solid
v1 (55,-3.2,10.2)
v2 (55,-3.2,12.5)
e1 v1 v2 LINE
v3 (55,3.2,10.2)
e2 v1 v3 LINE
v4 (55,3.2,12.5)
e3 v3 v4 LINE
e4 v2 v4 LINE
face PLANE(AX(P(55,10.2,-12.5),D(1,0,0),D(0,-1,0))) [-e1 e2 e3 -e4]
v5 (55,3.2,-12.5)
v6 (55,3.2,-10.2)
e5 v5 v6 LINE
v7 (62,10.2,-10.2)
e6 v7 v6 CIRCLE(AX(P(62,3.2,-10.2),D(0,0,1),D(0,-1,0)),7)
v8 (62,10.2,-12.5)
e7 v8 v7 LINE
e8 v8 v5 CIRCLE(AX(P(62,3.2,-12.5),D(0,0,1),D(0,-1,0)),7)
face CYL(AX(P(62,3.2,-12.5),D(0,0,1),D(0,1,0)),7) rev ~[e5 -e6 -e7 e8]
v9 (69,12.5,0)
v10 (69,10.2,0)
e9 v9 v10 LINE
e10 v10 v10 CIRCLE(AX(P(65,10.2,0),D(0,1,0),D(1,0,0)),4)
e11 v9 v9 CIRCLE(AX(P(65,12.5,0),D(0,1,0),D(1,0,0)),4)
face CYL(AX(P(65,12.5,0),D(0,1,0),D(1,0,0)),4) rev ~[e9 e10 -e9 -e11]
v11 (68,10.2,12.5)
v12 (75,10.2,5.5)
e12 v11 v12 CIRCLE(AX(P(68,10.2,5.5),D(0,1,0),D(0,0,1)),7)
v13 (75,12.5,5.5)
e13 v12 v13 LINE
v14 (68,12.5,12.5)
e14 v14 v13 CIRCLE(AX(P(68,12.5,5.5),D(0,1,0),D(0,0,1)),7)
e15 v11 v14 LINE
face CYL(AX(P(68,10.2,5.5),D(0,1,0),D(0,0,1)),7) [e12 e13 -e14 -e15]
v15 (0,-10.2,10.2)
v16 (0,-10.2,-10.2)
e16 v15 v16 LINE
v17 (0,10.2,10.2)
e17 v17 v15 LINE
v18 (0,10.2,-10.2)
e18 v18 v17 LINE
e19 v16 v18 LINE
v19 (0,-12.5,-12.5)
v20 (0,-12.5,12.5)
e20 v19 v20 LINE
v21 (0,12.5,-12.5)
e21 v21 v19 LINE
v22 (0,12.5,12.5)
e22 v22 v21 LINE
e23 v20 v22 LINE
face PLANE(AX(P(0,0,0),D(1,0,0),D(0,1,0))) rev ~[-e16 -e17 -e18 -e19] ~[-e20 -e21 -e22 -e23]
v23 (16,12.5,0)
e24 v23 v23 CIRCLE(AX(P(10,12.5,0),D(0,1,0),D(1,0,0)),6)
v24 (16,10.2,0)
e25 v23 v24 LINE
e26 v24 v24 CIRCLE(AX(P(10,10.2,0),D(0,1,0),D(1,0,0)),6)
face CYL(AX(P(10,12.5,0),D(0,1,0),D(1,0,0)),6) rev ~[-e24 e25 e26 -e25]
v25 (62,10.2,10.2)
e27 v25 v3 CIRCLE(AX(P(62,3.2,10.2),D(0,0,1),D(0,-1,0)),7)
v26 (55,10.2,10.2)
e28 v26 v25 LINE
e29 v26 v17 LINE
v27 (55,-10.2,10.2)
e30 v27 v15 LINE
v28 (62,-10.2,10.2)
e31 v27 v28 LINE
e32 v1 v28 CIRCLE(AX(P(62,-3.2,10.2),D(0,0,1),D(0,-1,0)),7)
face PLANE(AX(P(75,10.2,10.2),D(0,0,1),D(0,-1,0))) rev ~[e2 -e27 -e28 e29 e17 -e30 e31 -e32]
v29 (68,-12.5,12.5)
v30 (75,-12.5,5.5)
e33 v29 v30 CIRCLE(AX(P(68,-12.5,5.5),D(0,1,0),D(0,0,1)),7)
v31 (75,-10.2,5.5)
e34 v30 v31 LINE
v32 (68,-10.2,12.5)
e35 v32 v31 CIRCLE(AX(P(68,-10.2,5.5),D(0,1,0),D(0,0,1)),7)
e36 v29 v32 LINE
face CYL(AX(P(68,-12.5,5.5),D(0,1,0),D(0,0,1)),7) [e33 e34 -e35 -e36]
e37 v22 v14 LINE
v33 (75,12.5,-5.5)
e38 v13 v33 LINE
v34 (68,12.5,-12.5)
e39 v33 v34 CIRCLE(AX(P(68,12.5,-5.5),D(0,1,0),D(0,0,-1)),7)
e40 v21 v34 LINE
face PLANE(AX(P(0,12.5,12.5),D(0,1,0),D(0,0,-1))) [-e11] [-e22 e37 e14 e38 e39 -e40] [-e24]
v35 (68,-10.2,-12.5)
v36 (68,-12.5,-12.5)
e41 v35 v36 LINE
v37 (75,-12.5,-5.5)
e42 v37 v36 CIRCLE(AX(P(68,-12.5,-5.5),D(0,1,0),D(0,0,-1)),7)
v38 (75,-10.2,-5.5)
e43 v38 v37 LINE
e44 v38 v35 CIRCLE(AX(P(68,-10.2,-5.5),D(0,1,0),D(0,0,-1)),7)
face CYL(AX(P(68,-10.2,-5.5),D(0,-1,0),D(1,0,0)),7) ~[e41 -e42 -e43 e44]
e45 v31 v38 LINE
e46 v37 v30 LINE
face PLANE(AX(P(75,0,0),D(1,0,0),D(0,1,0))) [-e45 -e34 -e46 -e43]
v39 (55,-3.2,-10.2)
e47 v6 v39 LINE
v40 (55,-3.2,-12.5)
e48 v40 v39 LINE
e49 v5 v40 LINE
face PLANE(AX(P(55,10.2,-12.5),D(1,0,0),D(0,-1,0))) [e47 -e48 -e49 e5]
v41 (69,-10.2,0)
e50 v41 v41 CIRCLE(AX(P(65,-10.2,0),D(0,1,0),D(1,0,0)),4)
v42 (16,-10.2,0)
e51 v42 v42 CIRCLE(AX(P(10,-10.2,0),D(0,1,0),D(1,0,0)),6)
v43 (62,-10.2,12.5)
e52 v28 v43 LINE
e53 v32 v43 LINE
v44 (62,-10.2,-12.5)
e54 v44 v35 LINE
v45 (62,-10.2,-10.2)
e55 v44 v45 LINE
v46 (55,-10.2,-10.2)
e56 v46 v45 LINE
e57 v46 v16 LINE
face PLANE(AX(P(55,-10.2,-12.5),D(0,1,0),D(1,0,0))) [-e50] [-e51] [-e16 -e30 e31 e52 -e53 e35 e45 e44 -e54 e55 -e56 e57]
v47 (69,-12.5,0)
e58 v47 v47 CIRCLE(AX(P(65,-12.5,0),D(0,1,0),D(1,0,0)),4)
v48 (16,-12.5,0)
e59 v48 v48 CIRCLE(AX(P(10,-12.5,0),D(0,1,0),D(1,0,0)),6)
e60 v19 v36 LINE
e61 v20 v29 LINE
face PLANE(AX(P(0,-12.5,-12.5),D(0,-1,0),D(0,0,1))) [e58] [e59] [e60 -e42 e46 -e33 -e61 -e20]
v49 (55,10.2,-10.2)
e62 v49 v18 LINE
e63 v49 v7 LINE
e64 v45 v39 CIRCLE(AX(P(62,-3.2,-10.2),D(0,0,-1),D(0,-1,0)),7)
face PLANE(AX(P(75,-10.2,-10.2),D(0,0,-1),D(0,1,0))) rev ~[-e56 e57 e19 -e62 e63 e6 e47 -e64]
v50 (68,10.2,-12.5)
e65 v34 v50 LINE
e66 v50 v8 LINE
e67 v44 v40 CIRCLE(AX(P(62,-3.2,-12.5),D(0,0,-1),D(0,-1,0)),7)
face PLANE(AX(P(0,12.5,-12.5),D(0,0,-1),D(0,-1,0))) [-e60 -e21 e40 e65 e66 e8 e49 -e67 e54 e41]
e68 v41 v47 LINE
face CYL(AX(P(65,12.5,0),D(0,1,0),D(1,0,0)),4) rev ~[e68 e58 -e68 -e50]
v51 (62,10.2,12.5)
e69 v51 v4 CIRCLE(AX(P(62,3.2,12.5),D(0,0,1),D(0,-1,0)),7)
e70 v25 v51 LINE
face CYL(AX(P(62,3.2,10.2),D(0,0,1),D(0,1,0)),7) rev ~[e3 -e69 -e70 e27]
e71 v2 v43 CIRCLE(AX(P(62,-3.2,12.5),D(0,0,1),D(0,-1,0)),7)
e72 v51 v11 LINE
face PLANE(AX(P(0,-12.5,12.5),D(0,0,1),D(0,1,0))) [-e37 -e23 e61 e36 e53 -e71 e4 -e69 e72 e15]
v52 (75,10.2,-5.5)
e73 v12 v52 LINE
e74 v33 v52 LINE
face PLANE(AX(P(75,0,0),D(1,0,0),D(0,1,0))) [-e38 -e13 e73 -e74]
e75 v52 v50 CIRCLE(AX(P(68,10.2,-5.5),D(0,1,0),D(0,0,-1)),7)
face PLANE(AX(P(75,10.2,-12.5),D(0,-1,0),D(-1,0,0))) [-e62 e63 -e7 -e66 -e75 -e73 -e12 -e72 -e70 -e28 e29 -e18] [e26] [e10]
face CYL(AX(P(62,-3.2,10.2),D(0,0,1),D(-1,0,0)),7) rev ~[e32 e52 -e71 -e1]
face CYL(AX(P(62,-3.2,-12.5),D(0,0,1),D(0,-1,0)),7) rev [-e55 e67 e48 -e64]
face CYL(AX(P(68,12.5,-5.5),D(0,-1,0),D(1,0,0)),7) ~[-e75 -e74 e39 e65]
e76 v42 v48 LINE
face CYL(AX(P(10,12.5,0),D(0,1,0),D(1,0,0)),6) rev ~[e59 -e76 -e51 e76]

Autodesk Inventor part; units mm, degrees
ref_plane "YZ Plane" through (0, 0, 0) normal (1, 0, 0) x (0, 1, 0)
ref_plane "XZ Plane" through (0, 0, 0) normal (0, 1, 0) x (-1, 0, 0)
ref_plane "XY Plane" through (0, 0, 0) normal (0, 0, 1) x (1, 0, 0)
sketch "スケッチ1" plane through (0, 0, 0) normal (1, 0, 0) x (0, 1, 0)
  line L0 (-12.5, 12.5) -> (12.5, 12.5)
  line L1 (12.5, 12.5) -> (12.5, -12.5)
  line L2 (12.5, -12.5) -> (-12.5, -12.5)
  line L3 (-12.5, -12.5) -> (-12.5, 12.5)
  line L4 (-12.5, 12.5) -> (12.5, -12.5) construction
  line L5 (12.5, 12.5) -> (-12.5, -12.5) construction
  point P0 (0, 0)
  dimension "d0" = 25
  dimension "d1" = 25
extrude "押し出し1" add sketch "スケッチ1" along normal blind 75
sketch "スケッチ2" plane through (0, 12.5, 12.5) normal (0, 1, 0) x (1, 0, 0)
  circle A0 centre (10, 12.5) radius 6
  line L0 (0, 0) -> (0, 25) projected
  line L1 (0, 0) -> (75, 0) projected
  point P0 (0, 12.5)
  dimension "d4" = 12
  dimension "d5" = 10
  dimension "d6" = 12.5
extrude "押し出し2" cut sketch "スケッチ2" against normal through all
sketch "スケッチ3" plane through (0, 12.5, 12.5) normal (0, 1, 0) x (1, 0, 0)
  circle A0 centre (65, 12.5) radius 4
  line L0 (75, 25) -> (75, 0) projected
  line L1 (0, 25) -> (75, 25) projected
  point P0 (0, 12.5)
  dimension "d9" = 10
  dimension "d10" = 8
  dimension "d11" = 12.5
extrude "押し出し3" cut sketch "スケッチ3" against normal through all
sketch "スケッチ4" plane through (75, 0, 0) normal (1, 0, 0) x (0, 0, -1)
  line L0 (-10.2, -10.2) -> (10.2, -10.2)
  line L1 (10.2, -10.2) -> (10.2, 10.2)
  line L2 (10.2, 10.2) -> (-10.2, 10.2)
  line L3 (-10.2, 10.2) -> (-10.2, -10.2)
  line L4 (-10.2, -10.2) -> (10.2, 10.2) construction
  line L5 (10.2, -10.2) -> (-10.2, 10.2) construction
  line L6 (-12.5, 12.5) -> (-12.5, -12.5) projected
  line L7 (12.5, 12.5) -> (-12.5, 12.5) projected
  point P0 (0, 0)
  dimension "d14" = 2.3
  dimension "d15" = 2.3
extrude "押し出し4" cut sketch "スケッチ4" against normal through all
sketch "スケッチ5" plane through (0, -12.5, -12.5) normal (0, 0, -1) x (-1, 0, 0)
  line L0 (-75, 2.3) -> (-75, 22.7) projected
  line L1 (-75, 22.7) -> (-55, 22.7)
  line L2 (-55, 22.7) -> (-55, 2.3)
  line L3 (-55, 2.3) -> (-75, 2.3)
  line L4 (-75, 2.3) -> (-75, 22.7)
  line L5 (-75, 2.3) -> (0, 2.3) projected
  point P0 (0, 12.5)
  dimension "d18" = 20
extrude "押し出し5" cut sketch "スケッチ5" against normal through all
fillet "フィレット1" radius 7 8 edges at (55, 10.2, 11.35) (55, 10.2, -11.35) (75, 11.35, -12.5) (75, 11.35, 12.5) (75, -11.35, -12.5) (75, -11.35, 12.5) (55, -10.2, 11.35) (55, -10.2, -11.35)
equation "\"d1\" = d0"
properties part number "bracket2" material "鉄、可鍛鉄"
